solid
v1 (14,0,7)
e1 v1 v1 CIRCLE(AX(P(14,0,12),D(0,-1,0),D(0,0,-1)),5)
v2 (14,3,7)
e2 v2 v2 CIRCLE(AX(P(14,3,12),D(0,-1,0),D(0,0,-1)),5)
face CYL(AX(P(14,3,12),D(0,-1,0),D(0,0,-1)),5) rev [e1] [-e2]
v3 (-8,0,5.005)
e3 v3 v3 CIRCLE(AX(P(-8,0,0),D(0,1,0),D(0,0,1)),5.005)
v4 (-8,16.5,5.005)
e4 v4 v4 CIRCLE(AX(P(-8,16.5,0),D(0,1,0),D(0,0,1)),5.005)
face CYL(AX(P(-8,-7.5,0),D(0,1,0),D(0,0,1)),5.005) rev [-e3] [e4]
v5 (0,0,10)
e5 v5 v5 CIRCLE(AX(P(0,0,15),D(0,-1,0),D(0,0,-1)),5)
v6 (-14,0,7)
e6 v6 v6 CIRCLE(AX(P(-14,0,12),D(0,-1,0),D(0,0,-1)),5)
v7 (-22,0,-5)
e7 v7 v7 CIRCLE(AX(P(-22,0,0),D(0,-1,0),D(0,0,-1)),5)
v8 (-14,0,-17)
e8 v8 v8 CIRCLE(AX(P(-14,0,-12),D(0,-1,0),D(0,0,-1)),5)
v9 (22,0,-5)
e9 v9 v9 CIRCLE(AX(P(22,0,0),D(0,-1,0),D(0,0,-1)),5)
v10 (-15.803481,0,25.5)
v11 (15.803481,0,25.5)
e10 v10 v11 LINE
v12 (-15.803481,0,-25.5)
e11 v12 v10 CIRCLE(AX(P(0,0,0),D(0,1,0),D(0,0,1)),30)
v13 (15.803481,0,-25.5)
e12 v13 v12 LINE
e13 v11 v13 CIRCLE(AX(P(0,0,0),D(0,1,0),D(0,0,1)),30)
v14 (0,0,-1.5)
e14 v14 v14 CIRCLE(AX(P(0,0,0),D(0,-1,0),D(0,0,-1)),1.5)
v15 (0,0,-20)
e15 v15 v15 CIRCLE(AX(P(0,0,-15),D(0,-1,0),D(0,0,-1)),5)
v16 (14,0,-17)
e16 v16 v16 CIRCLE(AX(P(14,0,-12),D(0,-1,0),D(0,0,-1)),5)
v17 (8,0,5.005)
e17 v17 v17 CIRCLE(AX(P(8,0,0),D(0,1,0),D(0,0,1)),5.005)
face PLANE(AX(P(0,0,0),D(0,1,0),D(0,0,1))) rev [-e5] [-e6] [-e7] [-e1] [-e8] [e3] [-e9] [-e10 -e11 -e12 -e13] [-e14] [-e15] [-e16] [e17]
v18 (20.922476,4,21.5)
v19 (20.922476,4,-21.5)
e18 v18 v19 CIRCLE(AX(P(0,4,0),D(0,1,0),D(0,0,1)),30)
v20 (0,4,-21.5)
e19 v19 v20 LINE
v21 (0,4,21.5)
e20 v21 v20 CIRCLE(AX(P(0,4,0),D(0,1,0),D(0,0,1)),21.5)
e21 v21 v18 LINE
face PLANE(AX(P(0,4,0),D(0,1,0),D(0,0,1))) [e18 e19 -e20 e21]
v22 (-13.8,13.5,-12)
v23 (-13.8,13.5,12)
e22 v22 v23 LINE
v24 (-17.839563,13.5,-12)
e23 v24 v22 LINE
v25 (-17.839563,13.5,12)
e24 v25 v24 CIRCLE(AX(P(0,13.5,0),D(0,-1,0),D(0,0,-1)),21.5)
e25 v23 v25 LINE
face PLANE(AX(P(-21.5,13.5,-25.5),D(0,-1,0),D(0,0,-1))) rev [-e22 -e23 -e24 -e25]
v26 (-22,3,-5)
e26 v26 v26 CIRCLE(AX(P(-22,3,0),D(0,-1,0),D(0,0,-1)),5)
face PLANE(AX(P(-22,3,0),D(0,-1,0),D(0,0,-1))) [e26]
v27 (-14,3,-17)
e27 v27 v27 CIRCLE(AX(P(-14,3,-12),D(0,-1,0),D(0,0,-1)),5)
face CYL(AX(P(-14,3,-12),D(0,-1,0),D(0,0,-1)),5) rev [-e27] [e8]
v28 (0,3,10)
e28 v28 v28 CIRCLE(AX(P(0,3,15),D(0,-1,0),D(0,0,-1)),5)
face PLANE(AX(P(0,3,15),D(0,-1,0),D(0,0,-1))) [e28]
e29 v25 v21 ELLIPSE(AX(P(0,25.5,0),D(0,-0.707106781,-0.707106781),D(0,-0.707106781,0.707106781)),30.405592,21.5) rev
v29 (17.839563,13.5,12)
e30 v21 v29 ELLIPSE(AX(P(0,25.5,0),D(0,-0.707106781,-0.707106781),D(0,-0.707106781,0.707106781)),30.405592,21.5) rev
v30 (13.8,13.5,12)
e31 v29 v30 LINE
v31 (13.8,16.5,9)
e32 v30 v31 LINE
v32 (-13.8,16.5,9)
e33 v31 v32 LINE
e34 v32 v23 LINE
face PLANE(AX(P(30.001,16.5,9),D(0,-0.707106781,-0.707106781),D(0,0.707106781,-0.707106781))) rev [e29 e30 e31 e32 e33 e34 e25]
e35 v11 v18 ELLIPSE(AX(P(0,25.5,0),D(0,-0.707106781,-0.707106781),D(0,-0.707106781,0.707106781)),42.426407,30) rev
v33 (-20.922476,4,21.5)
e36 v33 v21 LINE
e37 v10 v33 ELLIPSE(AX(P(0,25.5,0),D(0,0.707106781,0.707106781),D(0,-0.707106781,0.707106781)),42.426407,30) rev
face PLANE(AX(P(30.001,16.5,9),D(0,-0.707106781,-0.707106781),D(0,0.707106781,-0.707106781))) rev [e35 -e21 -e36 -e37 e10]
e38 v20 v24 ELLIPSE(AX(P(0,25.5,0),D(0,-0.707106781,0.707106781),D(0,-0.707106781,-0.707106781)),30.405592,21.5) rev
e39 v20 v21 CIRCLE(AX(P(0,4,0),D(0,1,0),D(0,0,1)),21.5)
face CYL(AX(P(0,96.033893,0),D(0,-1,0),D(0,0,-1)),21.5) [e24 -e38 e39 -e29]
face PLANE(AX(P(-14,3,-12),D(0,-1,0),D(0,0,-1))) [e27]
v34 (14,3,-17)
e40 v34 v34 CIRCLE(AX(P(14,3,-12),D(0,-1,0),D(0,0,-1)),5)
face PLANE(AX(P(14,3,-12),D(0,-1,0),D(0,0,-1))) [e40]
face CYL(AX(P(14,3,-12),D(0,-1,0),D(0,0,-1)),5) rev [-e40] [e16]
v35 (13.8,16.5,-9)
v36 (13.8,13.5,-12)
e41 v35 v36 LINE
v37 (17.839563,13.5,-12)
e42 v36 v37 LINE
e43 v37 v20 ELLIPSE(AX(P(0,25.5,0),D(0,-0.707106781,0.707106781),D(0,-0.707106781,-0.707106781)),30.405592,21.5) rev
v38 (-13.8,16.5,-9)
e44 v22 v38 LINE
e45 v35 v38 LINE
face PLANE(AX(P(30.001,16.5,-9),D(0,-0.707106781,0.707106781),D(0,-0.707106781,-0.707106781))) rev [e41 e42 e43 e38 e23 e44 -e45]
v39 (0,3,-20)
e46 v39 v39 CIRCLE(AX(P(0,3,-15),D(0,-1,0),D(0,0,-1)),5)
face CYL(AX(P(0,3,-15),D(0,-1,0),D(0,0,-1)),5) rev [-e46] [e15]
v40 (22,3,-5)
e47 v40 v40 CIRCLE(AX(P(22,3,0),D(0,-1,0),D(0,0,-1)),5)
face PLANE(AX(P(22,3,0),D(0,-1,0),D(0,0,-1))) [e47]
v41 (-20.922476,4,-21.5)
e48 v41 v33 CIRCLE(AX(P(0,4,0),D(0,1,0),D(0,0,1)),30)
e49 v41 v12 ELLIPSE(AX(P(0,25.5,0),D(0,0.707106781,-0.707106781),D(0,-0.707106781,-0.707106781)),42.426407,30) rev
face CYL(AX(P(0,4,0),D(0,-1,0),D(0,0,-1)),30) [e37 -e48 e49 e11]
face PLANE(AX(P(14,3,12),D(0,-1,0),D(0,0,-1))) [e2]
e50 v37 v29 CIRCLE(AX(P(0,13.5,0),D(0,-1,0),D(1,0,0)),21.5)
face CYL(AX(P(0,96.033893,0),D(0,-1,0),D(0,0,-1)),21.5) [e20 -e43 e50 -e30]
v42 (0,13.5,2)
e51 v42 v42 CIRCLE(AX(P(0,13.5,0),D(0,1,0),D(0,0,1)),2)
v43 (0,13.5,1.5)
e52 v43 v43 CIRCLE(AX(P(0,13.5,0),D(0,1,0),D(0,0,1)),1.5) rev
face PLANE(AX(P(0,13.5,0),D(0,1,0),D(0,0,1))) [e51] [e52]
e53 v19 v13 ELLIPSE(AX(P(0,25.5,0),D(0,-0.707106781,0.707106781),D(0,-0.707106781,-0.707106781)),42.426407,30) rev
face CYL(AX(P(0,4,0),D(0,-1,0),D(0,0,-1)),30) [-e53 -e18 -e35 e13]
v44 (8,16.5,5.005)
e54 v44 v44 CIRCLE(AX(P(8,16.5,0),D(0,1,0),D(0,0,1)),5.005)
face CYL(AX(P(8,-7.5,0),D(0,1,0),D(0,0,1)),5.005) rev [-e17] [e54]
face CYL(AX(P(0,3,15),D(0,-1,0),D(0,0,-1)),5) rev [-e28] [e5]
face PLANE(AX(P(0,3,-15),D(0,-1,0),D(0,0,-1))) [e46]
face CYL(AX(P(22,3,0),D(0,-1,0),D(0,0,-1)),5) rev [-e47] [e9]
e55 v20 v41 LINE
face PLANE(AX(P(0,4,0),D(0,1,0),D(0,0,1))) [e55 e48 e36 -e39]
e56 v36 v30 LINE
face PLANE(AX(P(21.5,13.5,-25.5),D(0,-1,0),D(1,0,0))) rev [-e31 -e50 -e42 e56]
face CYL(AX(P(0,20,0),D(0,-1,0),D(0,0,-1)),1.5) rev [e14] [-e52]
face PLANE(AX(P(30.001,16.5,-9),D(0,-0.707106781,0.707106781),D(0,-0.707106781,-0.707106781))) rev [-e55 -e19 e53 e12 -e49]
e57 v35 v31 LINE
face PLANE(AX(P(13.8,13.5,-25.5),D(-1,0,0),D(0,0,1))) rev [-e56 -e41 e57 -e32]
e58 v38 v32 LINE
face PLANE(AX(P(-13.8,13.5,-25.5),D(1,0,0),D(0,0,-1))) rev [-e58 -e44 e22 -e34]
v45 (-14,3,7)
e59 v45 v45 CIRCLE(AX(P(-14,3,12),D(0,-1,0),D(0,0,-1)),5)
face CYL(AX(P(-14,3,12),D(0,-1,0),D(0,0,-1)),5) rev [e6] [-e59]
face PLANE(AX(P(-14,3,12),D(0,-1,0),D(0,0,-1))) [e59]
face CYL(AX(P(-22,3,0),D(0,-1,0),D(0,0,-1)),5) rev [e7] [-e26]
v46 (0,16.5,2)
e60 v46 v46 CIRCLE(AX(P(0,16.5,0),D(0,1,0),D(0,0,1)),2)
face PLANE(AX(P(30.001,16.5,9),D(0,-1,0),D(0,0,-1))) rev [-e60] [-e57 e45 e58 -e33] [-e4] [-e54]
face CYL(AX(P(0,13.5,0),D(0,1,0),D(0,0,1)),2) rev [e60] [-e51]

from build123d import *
from build123d.topology import SkipClean

# Parameters (mm, degrees)
SKETCH1_R                            = 30
BOSS_EXTRUDE1_DEPTH                  = 4
BOSS_EXTRUDE2_REACH                  = 44.615
BOSS_EXTRUDE2_END_RADIUS             = 30
BOSS_EXTRUDE2_DIRECTION_2_REACH      = 44.615
BOSS_EXTRUDE2_DIRECTION_2_END_RADIUS = 30
SKETCH3_OUTSIDE_W                    = 78.092
SKETCH3_OUTSIDE_H                    = 69.092
SKETCH3_OUTSIDE_R                    = 21.5
CUT_EXTRUDE2_DEPTH                   = 12.5
BOSS_EXTRUDE3_DEPTH                  = 18
BOSS_EXTRUDE4_DEPTH                  = 15
BOSS_EXTRUDE5_DEPTH                  = 15
CUT_EXTRUDE3_DEPTH                   = 44.292609069
CUT_EXTRUDE3_DEPTH_BACK              = 44.292609069
SKETCH8_R                            = 2
CUT_EXTRUDE8_DEPTH                   = 48.077064479
CUT_EXTRUDE8_DEPTH_BACK              = 48.077064479
CUT_EXTRUDE9_DEPTH                   = 59.659818207
CUT_EXTRUDE11_DEPTH                  = 20
CUT_EXTRUDE12_DEPTH                  = 20
CUT_EXTRUDE13_DEPTH                  = 20
CUT_EXTRUDE14_DEPTH                  = 44.292609069
CUT_EXTRUDE14_DEPTH_BACK             = 44.292609069
SKETCH25_W                           = 66.075437062
SKETCH25_H                           = 20.142243048
SKETCH26_R                           = 5.005
CUT_EXTRUDE15_DEPTH                  = 24
CUT_EXTRUDE17_DEPTH                  = 47.524187258
CUT_EXTRUDE17_DEPTH_BACK             = 47.524187258
SKETCH29_W                           = 7.7
SKETCH29_H                           = 3
CUT_EXTRUDE18_DEPTH                  = 47.524187258
CUT_EXTRUDE18_DEPTH_BACK             = 47.524187258
SKETCH31_W                           = 7.7
SKETCH31_H                           = 3
SKETCH34_R                           = 1.5
CUT_EXTRUDE21_DEPTH                  = 20
SKETCH35_R                           = 2
CUT_EXTRUDE22_DEPTH                  = 3
SKETCH37_R                           = 5
CUT_EXTRUDE23_DEPTH                  = 3


with BuildPart() as part:
    # Sketch1 → Boss-Extrude1 (new body)
    with BuildSketch(Plane(origin=(0, 0, 0), x_dir=(1, 0, 0), z_dir=(0, 1, 0))):
        with Locations(Location((0, 0, 0), (0, 0, 270))):
            Circle(SKETCH1_R)
    extrude(amount=BOSS_EXTRUDE1_DEPTH)

    # Boss-Extrude2: up to this cylinder (the profile starts inside it)
    with SkipClean():  # the faces are left unmerged after this step: merging them gives an invalid solid
        boss_extrude2_end = Plane(origin=(0, 9.396175, 0), z_dir=(0, -1, 0)) * Cylinder(BOSS_EXTRUDE2_END_RADIUS, 150.23, mode=Mode.PRIVATE)
        # Sketch2 → Boss-Extrude2 (add, up to the surface)
        with BuildSketch(Plane(origin=(0, 0, 0), x_dir=(0, 0, -1), z_dir=(1, 0, 0)), mode=Mode.PRIVATE) as boss_extrude2_sk1:
            Polygon((0, 4), (21.5, 4), (9, 16.5), (-9, 16.5), (-21.5, 4), align=None)
        boss_extrude2_tool1 = extrude(boss_extrude2_sk1.sketch, amount=BOSS_EXTRUDE2_REACH, mode=Mode.PRIVATE) & boss_extrude2_end
        add(boss_extrude2_tool1.solids().sort_by_distance((0, 9.396175, 0))[0])

    # Boss-Extrude2 direction 2: up to this cylinder (the profile starts inside it)
    with SkipClean():  # the faces are left unmerged after this step: merging them gives an invalid solid
        boss_extrude2_direction_2_end = Plane(origin=(0, 9.396175, 0), z_dir=(0, -1, 0)) * Cylinder(BOSS_EXTRUDE2_DIRECTION_2_END_RADIUS, 150.23, mode=Mode.PRIVATE)
        # Sketch2 → Boss-Extrude2 direction 2 (add, up to the surface)
        with BuildSketch(Plane(origin=(0, 0, 0), x_dir=(0, 0, -1), z_dir=(1, 0, 0)), mode=Mode.PRIVATE) as boss_extrude2_direction_2_sk1:
            Polygon((0, 4), (21.5, 4), (9, 16.5), (-9, 16.5), (-21.5, 4), align=None)
        boss_extrude2_direction_2_tool1 = extrude(boss_extrude2_direction_2_sk1.sketch, amount=-BOSS_EXTRUDE2_DIRECTION_2_REACH, mode=Mode.PRIVATE) & boss_extrude2_direction_2_end
        add(boss_extrude2_direction_2_tool1.solids().sort_by_distance((0, 9.396175, 0))[0])

    # SurfaceCut1
    split(bisect_by=Plane(origin=(0, 12.75, -12.75), x_dir=(1, 0, 0), z_dir=(0, 0.7071067811865558, -0.7071067811865392)), keep=Keep.BOTTOM)

    # SurfaceCut2
    split(bisect_by=Plane(origin=(0, 12.75, 12.75), x_dir=(1, 0, 0), z_dir=(0, 0.7071067811865509, 0.7071067811865442)), keep=Keep.BOTTOM)

    # Sketch3 outside → Cut-Extrude2 (cut)
    with BuildSketch(Plane(origin=(0, 4, 0), x_dir=(1, 0, 0), z_dir=(0, 1, 0))):
        Rectangle(SKETCH3_OUTSIDE_W, SKETCH3_OUTSIDE_H)
        Circle(SKETCH3_OUTSIDE_R, mode=Mode.SUBTRACT)
    extrude(amount=CUT_EXTRUDE2_DEPTH, mode=Mode.SUBTRACT)

    # Sketch5 → Boss-Extrude3 (add)
    with BuildSketch(Plane(origin=(0, 0, 0), x_dir=(-1, 0, 0), z_dir=(0, -1, 0))):
        Polygon((0, -6), (-17.5, -6), (-17.5, 6), (17.5, 6), (17.5, -6), align=None)
    extrude(amount=BOSS_EXTRUDE3_DEPTH)

    # Sketch6 → Boss-Extrude4 (add)
    with BuildSketch(Plane.XZ):
        Polygon((0, 15), (7, 15), (7, 6), (-7, 6), (-7, 15), align=None)
    extrude(amount=BOSS_EXTRUDE4_DEPTH)

    # Sketch7 → Boss-Extrude5 (add)
    with BuildSketch(Plane.XZ):
        Polygon((0, -15), (7, -15), (7, -6), (-7, -6), (-7, -15), align=None)
    extrude(amount=BOSS_EXTRUDE5_DEPTH)

    # Sketch8 → Cut-Extrude3 (cut, two sides: drawn at the far end of the back side and taken through both)
    with BuildSketch(Plane.XY.offset(-CUT_EXTRUDE3_DEPTH_BACK)):
        with Locations((-12.5, -12.5)):
            Circle(SKETCH8_R)
        with Locations((12.5, -12.5)):
            Circle(SKETCH8_R)
    extrude(amount=CUT_EXTRUDE3_DEPTH + CUT_EXTRUDE3_DEPTH_BACK, mode=Mode.SUBTRACT)

    # Sketch16 → Cut-Extrude8 (cut, two sides: drawn at the far end of the back side and taken through both)
    with BuildSketch(Plane.XY.offset(6).offset(-CUT_EXTRUDE8_DEPTH_BACK)):
        Polygon((17.5, -18), (17.5, -14.5), (14, -18), align=None)
        Polygon((-17.5, -18), (-14, -18), (-17.5, -14.5), align=None)
    extrude(amount=CUT_EXTRUDE8_DEPTH + CUT_EXTRUDE8_DEPTH_BACK, mode=Mode.SUBTRACT)

    # Sketch17 → Cut-Extrude9 (cut, through all)
    with BuildSketch(Plane(origin=(10.365975269, -9.674910251, -8.062425209), x_dir=(-0.3613483622370374, 0.337258471421235, -0.8693009171531012), z_dir=(0.6355070151731325, -0.5931398808282571, -0.49428323402354774))):
        Polygon((-2.372510104, -6.189601271), (7.980636686, -0.706686759), (7.980636686, -10.965829024), align=None)
    extrude(amount=CUT_EXTRUDE9_DEPTH, mode=Mode.SUBTRACT)

    # Sketch19 → Cut-Extrude11 (cut)
    with BuildSketch(Plane(origin=(-10.365975269, -9.674910251, -8.062425209), x_dir=(0.3613483622370374, 0.33725847142123494, -0.8693009171531012), z_dir=(0.6355070151731324, 0.5931398808282571, 0.4942832340235476))):
        Polygon((-2.372510104, -6.189601271), (7.980636686, -10.965829024), (7.980636686, -0.706686759), align=None)
    extrude(amount=-CUT_EXTRUDE11_DEPTH, mode=Mode.SUBTRACT)

    # Sketch20 → Cut-Extrude12 (cut)
    with BuildSketch(Plane(origin=(-10.365975269, -9.674910251, 8.062425209), x_dir=(-0.3613483622370374, -0.3372584714212349, -0.8693009171531013), z_dir=(0.6355070151731326, 0.593139880828257, -0.49428323402354757))):
        Polygon((2.372510104, -6.189601271), (-7.980636686, -0.706686759), (-7.980636686, -10.965829024), align=None)
    extrude(amount=-CUT_EXTRUDE12_DEPTH, mode=Mode.SUBTRACT)

    # Sketch21 → Cut-Extrude13 (cut)
    with BuildSketch(Plane(origin=(10.365975269, -9.674910251, 8.062425209), x_dir=(-0.3613483622370374, 0.3372584714212349, 0.8693009171531013), z_dir=(-0.6355070151731326, 0.593139880828257, -0.49428323402354757))):
        Polygon((-2.372510104, -6.189601271), (7.980636686, -0.706686759), (7.980636686, -10.965829024), align=None)
    extrude(amount=-CUT_EXTRUDE13_DEPTH, mode=Mode.SUBTRACT)

    # Sketch25 → Cut-Extrude14 (cut, two sides: drawn at the far end of the back side and taken through both)
    with BuildSketch(Plane.XY.offset(-CUT_EXTRUDE14_DEPTH_BACK)):
        with Locations((0, -10.071121524)):
            Rectangle(SKETCH25_W, SKETCH25_H)
    extrude(amount=CUT_EXTRUDE14_DEPTH + CUT_EXTRUDE14_DEPTH_BACK, mode=Mode.SUBTRACT)

    # Sketch26 → Cut-Extrude15 (cut)
    with BuildSketch(Plane(origin=(0, 16.5, 0), x_dir=(1, 0, 0), z_dir=(0, 1, 0))):
        with Locations(Location((-8, 0, 0), (0, 0, 270))):
            Circle(SKETCH26_R)
        with Locations(Location((8, 0, 0), (0, 0, 270))):
            Circle(SKETCH26_R)
    extrude(amount=-CUT_EXTRUDE15_DEPTH, mode=Mode.SUBTRACT)

    # Sketch29 → Cut-Extrude17 (cut, two sides: drawn at the far end of the back side and taken through both)
    with BuildSketch(Plane.XY.offset(6).offset(-CUT_EXTRUDE17_DEPTH_BACK)):
        with Locations((17.65, 15)):
            Rectangle(SKETCH29_W, SKETCH29_H)
    extrude(amount=CUT_EXTRUDE17_DEPTH + CUT_EXTRUDE17_DEPTH_BACK, mode=Mode.SUBTRACT)

    # Sketch31 → Cut-Extrude18 (cut, two sides: drawn at the far end of the back side and taken through both)
    with BuildSketch(Plane.XY.offset(6).offset(-CUT_EXTRUDE18_DEPTH_BACK)):
        with Locations((-17.65, 15)):
            Rectangle(SKETCH31_W, SKETCH31_H)
    extrude(amount=CUT_EXTRUDE18_DEPTH + CUT_EXTRUDE18_DEPTH_BACK, mode=Mode.SUBTRACT)

    # Sketch34 → Cut-Extrude21 (cut)
    with BuildSketch(Plane.XZ):
        with Locations(Location((0, 0, 0), (0, 0, 270))):
            Circle(SKETCH34_R)
    extrude(amount=-CUT_EXTRUDE21_DEPTH, mode=Mode.SUBTRACT)

    # Sketch35 → Cut-Extrude22 (cut)
    with BuildSketch(Plane(origin=(0, 16.5, 0), x_dir=(1, 0, 0), z_dir=(0, 1, 0))):
        with Locations(Location((0, 0, 0), (0, 0, 270))):
            Circle(SKETCH35_R)
    extrude(amount=-CUT_EXTRUDE22_DEPTH, mode=Mode.SUBTRACT)

    # Sketch37 → Cut-Extrude23 (cut)
    with BuildSketch(Plane.XZ):
        with Locations(Location((0, -15, 0), (0, 0, 270))):
            Circle(SKETCH37_R)
        with Locations(Location((0, 15, 0), (0, 0, 270))):
            Circle(SKETCH37_R)
        with Locations(Location((-22, 0, 0), (0, 0, 270))):
            Circle(SKETCH37_R)
        with Locations(Location((22, 0, 0), (0, 0, 270))):
            Circle(SKETCH37_R)
        with Locations(Location((-14, 12, 0), (0, 0, 270))):
            Circle(SKETCH37_R)
        with Locations(Location((14, 12, 0), (0, 0, 270))):
            Circle(SKETCH37_R)
        with Locations(Location((-14, -12, 0), (0, 0, 270))):
            Circle(SKETCH37_R)
        with Locations(Location((14, -12, 0), (0, 0, 270))):
            Circle(SKETCH37_R)
    extrude(amount=-CUT_EXTRUDE23_DEPTH, mode=Mode.SUBTRACT)


solid = part.part
